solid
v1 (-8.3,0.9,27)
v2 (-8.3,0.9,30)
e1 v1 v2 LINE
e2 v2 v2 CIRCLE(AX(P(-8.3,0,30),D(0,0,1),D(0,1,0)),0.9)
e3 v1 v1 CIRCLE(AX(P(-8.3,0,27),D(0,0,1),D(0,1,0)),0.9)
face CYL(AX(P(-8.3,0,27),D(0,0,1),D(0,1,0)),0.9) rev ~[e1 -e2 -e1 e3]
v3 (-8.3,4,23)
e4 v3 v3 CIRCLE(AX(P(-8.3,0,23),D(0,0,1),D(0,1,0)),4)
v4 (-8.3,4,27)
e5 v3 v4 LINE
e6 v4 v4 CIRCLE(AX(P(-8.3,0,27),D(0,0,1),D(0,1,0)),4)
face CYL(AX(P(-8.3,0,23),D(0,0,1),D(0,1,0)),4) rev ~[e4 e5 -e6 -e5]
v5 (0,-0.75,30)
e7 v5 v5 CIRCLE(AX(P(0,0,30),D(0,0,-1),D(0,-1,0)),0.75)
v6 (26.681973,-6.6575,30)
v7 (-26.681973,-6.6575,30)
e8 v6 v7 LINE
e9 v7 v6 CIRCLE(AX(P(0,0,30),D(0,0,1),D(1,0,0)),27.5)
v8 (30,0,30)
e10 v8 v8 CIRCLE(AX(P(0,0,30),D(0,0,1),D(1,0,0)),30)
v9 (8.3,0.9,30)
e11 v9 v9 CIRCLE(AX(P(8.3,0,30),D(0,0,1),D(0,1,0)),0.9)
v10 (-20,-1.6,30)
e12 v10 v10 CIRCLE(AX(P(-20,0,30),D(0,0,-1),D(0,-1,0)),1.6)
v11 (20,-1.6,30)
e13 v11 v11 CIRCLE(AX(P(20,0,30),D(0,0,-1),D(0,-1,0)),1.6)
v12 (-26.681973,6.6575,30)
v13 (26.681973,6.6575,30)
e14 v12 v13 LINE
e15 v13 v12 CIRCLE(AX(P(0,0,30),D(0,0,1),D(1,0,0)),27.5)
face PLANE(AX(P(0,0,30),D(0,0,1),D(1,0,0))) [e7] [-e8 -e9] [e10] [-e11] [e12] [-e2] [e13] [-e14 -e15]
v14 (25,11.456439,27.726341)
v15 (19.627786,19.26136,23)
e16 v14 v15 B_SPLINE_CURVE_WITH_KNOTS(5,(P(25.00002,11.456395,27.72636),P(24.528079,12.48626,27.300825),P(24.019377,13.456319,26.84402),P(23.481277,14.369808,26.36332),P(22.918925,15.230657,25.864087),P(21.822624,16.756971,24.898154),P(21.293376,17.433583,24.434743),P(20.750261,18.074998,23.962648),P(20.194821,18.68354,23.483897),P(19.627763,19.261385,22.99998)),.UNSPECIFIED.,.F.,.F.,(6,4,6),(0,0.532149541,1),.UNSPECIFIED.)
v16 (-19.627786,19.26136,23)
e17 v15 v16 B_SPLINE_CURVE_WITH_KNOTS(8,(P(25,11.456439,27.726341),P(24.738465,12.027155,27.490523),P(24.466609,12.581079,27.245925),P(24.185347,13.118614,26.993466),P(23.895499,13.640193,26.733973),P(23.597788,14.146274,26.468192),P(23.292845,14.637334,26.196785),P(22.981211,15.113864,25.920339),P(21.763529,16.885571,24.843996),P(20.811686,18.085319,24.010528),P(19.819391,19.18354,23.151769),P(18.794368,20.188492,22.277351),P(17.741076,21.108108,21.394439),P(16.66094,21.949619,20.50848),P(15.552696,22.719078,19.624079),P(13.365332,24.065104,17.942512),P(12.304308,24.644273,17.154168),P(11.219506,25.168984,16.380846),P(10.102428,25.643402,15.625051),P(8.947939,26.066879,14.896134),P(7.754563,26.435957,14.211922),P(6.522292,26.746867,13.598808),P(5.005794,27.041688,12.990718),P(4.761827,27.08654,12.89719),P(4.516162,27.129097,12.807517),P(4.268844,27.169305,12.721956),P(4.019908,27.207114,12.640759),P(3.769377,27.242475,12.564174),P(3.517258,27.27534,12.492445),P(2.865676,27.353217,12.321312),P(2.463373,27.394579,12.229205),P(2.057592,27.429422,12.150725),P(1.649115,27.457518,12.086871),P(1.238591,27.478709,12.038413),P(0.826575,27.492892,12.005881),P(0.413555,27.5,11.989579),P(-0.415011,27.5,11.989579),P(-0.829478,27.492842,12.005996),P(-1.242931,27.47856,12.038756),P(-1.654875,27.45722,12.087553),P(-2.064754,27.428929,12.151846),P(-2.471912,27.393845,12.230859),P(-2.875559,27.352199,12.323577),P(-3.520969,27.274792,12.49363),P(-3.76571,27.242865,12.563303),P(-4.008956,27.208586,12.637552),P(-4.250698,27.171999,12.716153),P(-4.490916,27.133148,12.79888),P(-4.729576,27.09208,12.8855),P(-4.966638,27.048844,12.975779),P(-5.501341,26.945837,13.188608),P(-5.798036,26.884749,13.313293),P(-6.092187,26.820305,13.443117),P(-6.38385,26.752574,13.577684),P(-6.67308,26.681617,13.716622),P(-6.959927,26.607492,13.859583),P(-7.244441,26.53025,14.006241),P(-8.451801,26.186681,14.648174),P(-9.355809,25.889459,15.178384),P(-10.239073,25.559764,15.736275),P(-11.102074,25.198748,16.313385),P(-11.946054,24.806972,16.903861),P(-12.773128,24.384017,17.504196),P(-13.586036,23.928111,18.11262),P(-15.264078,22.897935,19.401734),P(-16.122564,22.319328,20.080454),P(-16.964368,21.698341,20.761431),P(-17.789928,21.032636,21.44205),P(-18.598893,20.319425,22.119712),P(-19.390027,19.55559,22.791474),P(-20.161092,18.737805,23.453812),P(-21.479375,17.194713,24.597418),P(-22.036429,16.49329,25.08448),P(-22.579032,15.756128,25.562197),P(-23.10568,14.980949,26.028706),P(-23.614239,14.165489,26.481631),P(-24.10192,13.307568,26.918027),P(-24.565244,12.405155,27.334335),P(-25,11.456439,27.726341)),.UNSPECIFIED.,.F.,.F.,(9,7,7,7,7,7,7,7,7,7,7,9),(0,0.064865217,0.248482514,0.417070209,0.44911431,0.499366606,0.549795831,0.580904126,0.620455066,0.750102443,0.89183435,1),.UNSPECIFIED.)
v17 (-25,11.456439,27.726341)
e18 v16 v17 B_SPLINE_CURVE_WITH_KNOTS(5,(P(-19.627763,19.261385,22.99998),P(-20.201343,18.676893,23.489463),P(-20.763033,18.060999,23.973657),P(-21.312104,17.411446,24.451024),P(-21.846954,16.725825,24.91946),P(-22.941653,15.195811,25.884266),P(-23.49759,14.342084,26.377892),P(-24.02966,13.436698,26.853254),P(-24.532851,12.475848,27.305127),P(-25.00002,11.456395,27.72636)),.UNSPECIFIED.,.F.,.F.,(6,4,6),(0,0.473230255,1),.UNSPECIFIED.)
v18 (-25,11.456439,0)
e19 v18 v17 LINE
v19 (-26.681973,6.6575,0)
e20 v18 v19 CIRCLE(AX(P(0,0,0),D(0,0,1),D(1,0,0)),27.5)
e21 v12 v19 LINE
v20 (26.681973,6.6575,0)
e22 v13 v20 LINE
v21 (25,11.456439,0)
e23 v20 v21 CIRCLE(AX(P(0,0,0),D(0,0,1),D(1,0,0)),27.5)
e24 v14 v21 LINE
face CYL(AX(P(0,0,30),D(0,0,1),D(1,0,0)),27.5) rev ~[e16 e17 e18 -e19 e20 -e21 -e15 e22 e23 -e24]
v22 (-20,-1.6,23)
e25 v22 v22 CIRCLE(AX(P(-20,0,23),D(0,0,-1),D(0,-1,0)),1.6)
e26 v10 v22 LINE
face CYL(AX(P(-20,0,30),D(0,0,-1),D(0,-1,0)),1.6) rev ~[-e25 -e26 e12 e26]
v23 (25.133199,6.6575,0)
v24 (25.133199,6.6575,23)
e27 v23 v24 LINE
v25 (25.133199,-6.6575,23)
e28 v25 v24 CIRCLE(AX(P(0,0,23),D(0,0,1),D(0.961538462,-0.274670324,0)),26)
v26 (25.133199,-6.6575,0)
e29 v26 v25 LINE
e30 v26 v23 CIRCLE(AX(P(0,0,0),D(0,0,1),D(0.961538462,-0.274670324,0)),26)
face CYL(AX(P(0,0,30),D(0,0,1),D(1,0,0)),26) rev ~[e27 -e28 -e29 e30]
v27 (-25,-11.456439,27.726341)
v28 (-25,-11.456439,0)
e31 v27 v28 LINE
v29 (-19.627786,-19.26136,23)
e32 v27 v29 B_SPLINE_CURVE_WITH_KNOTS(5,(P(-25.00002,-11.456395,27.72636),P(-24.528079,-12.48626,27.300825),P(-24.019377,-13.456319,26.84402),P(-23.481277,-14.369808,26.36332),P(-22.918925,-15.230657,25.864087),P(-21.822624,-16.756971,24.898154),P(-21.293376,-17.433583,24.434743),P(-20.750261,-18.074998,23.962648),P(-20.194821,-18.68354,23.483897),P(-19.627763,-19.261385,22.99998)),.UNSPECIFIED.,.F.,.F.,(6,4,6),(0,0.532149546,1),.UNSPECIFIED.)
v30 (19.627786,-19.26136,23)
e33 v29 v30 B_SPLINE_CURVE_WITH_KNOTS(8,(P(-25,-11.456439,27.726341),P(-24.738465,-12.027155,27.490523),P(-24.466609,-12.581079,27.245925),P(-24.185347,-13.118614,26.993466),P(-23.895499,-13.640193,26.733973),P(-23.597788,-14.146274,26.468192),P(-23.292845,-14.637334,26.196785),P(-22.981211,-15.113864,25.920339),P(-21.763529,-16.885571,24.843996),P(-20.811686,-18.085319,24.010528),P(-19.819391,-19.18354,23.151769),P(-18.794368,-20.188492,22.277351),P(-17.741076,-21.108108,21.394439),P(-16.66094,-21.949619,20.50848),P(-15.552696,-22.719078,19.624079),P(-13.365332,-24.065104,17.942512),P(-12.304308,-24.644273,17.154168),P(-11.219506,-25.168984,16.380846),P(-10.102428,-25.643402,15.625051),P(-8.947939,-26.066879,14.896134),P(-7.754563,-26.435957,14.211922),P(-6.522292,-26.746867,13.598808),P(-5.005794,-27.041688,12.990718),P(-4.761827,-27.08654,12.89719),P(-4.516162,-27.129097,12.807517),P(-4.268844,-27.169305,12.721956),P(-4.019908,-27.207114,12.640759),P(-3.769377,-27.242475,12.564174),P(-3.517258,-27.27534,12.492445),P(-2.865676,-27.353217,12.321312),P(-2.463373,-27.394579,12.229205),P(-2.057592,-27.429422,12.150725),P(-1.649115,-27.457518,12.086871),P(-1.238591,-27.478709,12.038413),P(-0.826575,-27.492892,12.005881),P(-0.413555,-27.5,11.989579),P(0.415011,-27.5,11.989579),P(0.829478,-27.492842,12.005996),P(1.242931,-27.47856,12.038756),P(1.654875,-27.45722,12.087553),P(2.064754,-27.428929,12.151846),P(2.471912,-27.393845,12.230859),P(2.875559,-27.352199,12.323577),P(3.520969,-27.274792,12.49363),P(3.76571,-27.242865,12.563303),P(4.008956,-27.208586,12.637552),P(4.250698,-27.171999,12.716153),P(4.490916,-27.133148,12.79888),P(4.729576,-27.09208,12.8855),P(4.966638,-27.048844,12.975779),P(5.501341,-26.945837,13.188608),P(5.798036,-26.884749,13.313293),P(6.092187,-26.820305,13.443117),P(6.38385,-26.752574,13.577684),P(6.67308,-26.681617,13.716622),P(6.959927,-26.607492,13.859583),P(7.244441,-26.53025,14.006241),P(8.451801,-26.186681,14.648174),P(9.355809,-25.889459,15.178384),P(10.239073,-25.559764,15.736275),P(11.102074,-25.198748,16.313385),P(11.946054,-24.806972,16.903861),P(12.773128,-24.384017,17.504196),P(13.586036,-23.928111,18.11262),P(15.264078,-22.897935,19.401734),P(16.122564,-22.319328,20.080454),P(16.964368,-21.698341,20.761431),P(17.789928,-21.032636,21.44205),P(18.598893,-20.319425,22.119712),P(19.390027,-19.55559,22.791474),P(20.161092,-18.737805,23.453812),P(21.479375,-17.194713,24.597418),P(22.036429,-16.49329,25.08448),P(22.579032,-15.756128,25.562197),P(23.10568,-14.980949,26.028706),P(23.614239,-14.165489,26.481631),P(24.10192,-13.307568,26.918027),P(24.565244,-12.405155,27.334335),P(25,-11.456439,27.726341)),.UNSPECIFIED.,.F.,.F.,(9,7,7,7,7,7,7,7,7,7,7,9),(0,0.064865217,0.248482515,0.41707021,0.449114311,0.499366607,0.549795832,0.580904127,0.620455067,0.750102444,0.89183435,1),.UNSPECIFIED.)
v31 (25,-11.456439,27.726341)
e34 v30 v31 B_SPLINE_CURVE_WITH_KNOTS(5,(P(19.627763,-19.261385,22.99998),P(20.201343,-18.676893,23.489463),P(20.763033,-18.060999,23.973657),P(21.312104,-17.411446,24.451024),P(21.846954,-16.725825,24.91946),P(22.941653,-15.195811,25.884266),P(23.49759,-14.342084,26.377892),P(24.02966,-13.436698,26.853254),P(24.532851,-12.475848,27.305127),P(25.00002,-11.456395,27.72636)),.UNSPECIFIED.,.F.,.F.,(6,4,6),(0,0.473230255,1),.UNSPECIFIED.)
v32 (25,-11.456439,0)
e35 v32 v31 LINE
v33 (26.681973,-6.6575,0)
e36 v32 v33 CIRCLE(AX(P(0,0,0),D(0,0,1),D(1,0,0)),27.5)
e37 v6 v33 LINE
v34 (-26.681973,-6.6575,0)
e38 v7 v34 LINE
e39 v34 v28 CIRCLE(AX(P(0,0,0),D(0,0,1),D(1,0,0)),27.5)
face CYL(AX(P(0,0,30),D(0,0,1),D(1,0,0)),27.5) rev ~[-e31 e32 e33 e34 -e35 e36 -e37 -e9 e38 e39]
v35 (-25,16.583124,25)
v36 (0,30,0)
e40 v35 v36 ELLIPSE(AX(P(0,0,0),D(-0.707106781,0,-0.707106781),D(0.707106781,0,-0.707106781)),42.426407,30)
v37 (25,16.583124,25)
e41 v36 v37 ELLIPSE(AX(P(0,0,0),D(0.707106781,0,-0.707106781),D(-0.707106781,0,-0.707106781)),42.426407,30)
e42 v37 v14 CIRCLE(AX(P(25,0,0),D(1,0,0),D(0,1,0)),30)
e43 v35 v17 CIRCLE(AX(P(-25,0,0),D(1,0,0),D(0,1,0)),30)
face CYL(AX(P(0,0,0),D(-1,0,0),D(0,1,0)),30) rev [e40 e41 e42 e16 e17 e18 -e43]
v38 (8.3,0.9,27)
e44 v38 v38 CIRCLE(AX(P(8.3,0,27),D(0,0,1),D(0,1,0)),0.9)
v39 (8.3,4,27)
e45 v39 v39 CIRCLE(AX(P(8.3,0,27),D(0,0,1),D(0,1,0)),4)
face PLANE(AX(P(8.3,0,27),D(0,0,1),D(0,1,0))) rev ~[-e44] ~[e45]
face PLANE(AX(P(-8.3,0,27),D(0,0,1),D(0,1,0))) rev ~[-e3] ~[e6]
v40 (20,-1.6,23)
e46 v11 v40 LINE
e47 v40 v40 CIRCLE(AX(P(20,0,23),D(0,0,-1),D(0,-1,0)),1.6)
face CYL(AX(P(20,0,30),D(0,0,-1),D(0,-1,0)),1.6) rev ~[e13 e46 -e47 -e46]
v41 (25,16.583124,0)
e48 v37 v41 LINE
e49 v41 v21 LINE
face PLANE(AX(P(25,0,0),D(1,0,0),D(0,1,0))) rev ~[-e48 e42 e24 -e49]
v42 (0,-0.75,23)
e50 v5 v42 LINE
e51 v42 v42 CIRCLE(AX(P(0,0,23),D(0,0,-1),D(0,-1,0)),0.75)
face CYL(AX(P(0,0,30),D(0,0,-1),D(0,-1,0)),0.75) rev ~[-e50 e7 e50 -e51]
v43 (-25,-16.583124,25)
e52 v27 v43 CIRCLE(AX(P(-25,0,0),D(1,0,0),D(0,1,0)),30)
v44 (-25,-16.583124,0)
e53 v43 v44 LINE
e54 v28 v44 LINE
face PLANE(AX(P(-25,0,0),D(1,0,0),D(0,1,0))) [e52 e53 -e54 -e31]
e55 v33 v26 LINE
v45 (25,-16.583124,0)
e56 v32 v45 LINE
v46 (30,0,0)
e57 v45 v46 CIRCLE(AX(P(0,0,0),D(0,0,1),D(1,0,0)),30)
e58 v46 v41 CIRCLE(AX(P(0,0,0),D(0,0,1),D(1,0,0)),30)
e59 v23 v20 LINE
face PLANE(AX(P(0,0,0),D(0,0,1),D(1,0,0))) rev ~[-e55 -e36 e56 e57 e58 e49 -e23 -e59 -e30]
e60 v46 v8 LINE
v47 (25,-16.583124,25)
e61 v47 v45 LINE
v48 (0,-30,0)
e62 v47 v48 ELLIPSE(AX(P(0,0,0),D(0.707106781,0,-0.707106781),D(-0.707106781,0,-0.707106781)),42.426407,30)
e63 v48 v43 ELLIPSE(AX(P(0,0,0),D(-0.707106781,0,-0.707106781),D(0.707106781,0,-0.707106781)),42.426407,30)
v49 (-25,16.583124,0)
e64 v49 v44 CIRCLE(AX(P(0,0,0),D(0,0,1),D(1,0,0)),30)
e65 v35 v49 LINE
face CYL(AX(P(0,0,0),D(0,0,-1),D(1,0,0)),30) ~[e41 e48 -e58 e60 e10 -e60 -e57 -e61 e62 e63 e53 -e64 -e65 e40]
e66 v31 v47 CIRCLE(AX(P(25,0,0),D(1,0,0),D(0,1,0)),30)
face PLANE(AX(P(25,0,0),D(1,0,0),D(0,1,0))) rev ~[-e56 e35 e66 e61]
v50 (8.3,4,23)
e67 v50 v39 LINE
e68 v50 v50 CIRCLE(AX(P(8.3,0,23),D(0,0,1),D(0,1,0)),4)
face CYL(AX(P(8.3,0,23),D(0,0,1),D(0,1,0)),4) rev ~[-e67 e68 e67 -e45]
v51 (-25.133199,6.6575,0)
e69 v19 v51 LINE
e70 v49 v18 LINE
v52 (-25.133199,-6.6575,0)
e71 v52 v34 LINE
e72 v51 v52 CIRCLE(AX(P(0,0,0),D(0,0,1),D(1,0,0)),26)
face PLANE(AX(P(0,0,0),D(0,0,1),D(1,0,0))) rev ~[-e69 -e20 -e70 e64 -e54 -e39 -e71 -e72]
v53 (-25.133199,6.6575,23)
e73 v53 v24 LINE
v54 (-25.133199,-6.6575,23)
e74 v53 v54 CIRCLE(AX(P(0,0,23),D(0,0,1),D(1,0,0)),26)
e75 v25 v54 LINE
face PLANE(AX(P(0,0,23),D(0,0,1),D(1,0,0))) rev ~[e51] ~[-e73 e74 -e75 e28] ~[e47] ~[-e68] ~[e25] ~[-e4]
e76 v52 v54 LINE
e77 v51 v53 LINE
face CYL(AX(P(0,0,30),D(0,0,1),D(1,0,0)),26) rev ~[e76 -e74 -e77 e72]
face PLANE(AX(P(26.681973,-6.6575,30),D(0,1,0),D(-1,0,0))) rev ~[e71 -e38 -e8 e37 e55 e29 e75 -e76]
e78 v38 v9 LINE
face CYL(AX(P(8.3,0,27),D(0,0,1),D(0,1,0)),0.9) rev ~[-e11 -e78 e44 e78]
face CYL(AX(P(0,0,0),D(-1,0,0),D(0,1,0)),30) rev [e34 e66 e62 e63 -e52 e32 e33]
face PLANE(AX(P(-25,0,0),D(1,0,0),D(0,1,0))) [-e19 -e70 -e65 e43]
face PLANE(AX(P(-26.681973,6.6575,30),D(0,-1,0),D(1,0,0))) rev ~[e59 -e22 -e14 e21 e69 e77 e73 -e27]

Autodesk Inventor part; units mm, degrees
ref_plane "YZ Plane" through (0, 0, 0) normal (1, 0, 0) x (0, 1, 0)
ref_plane "XZ Plane" through (0, 0, 0) normal (0, 1, 0) x (-1, 0, 0)
ref_plane "XY Plane" through (0, 0, 0) normal (0, 0, 1) x (1, 0, 0)
sketch "スケッチ1" plane through (0, 0, 0) normal (0, 0, 1) x (1, 0, 0)
  circle A0 centre (0, 0) radius 30
  dimension "d0" = 60
extrude "押し出し1" add sketch "スケッチ1" along normal blind 30
sketch "スケッチ2" plane through (0, 0, 30) normal (0, 0, 1) x (1, 0, 0)
  circle A0 centre (0, 0) radius 26
  dimension "d3" = 52
extrude "押し出し2" cut sketch "スケッチ2" against normal blind 50
sketch "スケッチ3" plane through (0, 0, 0) normal (0, 0, 1) x (1, 0, 0)
  point P0 (0, 0)
sketch "スケッチ4" plane through (0, 0, 0) normal (1, 0, 0) x (0, 1, 0)
  line L0 (30, 0) -> (-30, 0) projected
  line L1 (-30, 0) -> (-30, 30) projected
  arc A0 (30, 0) -> (-30, 0) centre (0, 0) ccw
  dimension "d6" = 30
extrude "押し出し3" cut sketch "スケッチ4" along normal mid plane 50
sketch "スケッチ5" plane through (0, 0, 30) normal (0, 0, 1) x (1, 0, 0)
  circle A0 centre (0, 0) radius 27.5
extrude "押し出し4" add sketch "スケッチ5" against normal blind 7
sketch "スケッチ19" plane through (0, 0, 30) normal (0, 0, 1) x (1, 0, 0)
  circle A0 centre (0, 0) radius 27.5
  line L0 (27.5, -6.6575) -> (-27.5, -6.6575)
  line L1 (-27.5, -6.6575) -> (-27.5, 6.6575)
  line L2 (-27.5, 6.6575) -> (27.5, 6.6575)
  line L3 (27.5, 6.6575) -> (27.5, -6.6575)
  line L4 (27.5, -6.6575) -> (-27.5, 6.6575) construction
  line L5 (-27.5, -6.6575) -> (27.5, 6.6575) construction
  point P0 (26.682, -6.6575)
  point P1 (-26.682, -6.6575)
  point P2 (-26.682, 6.6575)
  point P3 (26.682, 6.6575)
extrude "押し出し11" cut sketch "スケッチ19" against normal blind 60 contours L2 A0 | A0 L0
sketch "スケッチ22" plane through (0, 0, 30) normal (0, 0, 1) x (1, 0, 0)
  point P0 (0, 0)
sketch "スケッチ23" plane through (0, 0, 30) normal (0, 0, 1) x (1, 0, 0)
  point P0 (0, 0)
  point P1 (-20, 0)
  point P2 (20, 0)
  dimension "d67" = 20
  dimension "d68" = 20
hole "穴4" at (-20, 0, 30) at (20, 0, 30) direction (0, 0, -1) diameter 3.2 depth 8.8 tip angle 118
sketch "スケッチ25" plane through (0, 0, 30) normal (0, 0, 1) x (1, 0, 0)
  point P0 (0, 0)
  point P1 (0, 0)
hole "穴5" at (0, 0, 30) direction (0, 0, -1) diameter 1.5 depth 8.8 tip angle 118
sketch "スケッチ27" plane through (0, 0, 23) normal (0, 0, -1) x (-1, 0, 0)
  point P0 (0, 0)
  point P1 (8.3, 0)
  point P2 (-8.3, 0)
  dimension "d95" = 8.3
  dimension "d96" = 8.3
hole "穴7" at (-8.3, 0, 23) at (8.3, 0, 23) direction (0, 0, 1) diameter 1.8 depth 8.8 tip angle 118 counterbore diameter 8 counterbore depth 4
properties part number "20220527_仮筒"
